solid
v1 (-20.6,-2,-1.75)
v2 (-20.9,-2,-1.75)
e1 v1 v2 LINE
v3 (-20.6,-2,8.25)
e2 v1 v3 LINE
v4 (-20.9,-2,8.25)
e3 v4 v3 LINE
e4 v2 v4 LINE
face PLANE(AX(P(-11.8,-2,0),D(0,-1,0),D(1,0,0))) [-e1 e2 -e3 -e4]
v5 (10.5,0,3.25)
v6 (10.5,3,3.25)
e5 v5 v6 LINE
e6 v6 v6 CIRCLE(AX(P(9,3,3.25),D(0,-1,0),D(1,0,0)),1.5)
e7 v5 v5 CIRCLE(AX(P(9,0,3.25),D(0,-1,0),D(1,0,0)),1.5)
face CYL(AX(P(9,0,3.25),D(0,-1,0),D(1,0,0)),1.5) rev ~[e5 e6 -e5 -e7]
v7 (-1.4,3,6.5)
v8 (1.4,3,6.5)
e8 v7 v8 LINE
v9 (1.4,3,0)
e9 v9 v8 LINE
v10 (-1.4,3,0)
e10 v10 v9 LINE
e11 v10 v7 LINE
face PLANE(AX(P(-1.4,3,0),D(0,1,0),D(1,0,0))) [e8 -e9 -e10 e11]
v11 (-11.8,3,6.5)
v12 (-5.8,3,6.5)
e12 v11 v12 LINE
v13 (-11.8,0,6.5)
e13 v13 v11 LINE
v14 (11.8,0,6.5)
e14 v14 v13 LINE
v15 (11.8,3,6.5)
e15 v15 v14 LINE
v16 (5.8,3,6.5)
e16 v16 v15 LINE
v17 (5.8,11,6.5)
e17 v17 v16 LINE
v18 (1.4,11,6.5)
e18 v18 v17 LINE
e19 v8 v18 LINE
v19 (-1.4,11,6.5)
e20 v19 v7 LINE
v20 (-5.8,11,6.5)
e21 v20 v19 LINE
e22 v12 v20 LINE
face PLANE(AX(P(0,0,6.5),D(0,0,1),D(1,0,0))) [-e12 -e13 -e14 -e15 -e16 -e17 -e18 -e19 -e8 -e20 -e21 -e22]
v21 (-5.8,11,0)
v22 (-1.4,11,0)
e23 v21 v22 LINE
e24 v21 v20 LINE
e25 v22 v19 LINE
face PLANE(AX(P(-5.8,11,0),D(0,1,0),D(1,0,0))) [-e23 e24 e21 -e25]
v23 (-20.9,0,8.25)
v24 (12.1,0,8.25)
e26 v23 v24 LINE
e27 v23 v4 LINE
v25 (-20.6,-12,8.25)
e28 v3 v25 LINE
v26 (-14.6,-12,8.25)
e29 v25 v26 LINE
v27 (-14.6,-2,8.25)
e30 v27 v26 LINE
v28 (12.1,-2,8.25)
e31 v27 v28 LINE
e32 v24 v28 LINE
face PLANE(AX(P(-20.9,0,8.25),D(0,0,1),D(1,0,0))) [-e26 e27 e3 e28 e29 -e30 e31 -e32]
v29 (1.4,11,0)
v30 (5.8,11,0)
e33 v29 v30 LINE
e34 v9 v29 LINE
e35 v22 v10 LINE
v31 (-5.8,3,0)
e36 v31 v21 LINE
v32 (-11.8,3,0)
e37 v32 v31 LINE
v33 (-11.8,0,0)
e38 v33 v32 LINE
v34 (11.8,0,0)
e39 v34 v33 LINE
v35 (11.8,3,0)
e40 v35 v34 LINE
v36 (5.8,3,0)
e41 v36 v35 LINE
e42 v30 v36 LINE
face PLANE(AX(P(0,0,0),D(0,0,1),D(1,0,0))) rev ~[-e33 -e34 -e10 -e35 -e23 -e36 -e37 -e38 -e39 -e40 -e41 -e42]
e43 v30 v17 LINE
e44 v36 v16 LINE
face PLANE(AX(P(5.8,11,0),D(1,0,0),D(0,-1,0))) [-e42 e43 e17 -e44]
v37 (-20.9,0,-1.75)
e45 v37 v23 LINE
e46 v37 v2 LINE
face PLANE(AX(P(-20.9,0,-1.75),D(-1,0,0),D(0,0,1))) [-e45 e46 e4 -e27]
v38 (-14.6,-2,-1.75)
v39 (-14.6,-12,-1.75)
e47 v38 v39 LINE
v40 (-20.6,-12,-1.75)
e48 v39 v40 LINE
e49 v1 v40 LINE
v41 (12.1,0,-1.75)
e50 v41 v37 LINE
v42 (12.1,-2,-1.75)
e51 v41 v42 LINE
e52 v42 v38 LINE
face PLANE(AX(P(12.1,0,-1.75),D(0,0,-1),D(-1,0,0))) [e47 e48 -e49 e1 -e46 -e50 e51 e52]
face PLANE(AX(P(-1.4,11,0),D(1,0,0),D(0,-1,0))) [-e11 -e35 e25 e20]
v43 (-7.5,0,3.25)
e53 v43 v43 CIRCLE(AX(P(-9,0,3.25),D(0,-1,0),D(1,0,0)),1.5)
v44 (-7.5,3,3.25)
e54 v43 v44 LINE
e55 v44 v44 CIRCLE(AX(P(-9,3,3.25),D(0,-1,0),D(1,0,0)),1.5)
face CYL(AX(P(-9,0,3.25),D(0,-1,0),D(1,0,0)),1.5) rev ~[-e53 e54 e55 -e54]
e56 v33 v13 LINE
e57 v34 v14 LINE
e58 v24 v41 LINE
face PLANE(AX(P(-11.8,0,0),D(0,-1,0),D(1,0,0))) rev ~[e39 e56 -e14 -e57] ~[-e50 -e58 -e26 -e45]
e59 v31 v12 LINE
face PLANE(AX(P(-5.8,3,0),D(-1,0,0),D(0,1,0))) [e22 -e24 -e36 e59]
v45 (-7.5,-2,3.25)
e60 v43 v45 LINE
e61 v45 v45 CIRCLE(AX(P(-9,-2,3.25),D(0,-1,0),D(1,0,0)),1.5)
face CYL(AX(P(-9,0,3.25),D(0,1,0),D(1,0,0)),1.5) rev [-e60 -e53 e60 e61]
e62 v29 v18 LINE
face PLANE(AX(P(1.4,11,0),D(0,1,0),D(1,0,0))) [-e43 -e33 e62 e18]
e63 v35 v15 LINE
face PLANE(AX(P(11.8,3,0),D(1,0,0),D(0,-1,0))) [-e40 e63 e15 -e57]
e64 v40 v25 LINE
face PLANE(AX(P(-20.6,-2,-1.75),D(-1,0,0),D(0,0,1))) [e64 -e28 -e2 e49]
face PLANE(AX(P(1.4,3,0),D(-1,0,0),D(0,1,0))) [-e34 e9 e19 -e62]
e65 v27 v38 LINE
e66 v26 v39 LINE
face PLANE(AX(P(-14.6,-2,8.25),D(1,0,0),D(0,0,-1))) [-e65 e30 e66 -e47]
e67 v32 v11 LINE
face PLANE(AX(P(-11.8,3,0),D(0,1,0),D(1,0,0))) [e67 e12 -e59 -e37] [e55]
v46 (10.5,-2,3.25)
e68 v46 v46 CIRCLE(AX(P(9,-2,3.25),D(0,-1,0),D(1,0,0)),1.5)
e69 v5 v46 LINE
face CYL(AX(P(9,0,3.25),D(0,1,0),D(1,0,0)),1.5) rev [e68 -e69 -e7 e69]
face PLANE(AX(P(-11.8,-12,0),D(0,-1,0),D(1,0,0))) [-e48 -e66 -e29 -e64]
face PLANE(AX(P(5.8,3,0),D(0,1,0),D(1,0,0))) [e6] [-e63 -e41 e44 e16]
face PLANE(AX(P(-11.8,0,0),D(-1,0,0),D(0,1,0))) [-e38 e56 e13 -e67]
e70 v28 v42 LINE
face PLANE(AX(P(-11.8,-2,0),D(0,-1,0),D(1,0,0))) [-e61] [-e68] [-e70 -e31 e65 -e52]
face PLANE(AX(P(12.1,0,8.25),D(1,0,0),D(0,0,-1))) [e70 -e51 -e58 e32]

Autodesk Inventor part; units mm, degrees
ref_plane "YZ Plane" through (0, 0, 0) normal (1, 0, 0) x (0, 1, 0)
ref_plane "XZ Plane" through (0, 0, 0) normal (0, 1, 0) x (-1, 0, 0)
ref_plane "XY Plane" through (0, 0, 0) normal (0, 0, 1) x (1, 0, 0)
sketch "Sketch1" plane through (0, 0, 0) normal (0, 0, 1) x (1, 0, 0)
  line L0 (-11.8, 0) -> (-11.8, 3)
  line L1 (-11.8, 3) -> (-5.8, 3)
  line L2 (-5.8, 3) -> (-5.8, 11)
  line L3 (-5.8, 11) -> (-1.4, 11)
  line L4 (-1.4, 11) -> (-1.4, 3)
  line L5 (-1.4, 3) -> (1.4, 3)
  line L6 (1.4, 3) -> (1.4, 11)
  line L7 (1.4, 11) -> (5.8, 11)
  line L8 (5.8, 11) -> (5.8, 3)
  line L9 (5.8, 3) -> (11.8, 3)
  line L10 (11.8, 3) -> (11.8, 0)
  line L11 (11.8, 0) -> (-11.8, 0)
  point P0 (0, 0)
  dimension "d0" = 3
  dimension "d1" = 6
  dimension "d2" = 8
  dimension "d3" = 4.4
  dimension "d4" = 2.8
  dimension "d5" = 4.4
  dimension "d6" = 6
  dimension "d7" = 1.4
  dimension "d8" = 0
extrude "Extrusion1" add sketch "Sketch1" along normal blind 6.5
sketch "Sketch2" plane through (-11.8, 0, 0) normal (0, -1, 0) x (1, 0, 0)
  circle A0 centre (2.8, 3.25) radius 1.5
  circle A1 centre (20.8, 3.25) radius 1.5
  line L0 (23.6, 0) -> (23.6, 6.5) projected
  line L1 (0, 0) -> (0, 6.5) projected
  line L2 (23.6, 0) -> (0, 0) projected
  line L3 (0, 6.5) -> (23.6, 6.5) projected
  line L4 (11.8, 17.7341) -> (11.8, -9.1991) construction
  line L5 (10.4, 0) -> (10.4, 6.5) construction
  line L6 (13.2, 0) -> (13.2, 6.5) construction
  point P0 (11.8, 0)
  dimension "d11" = 3
  dimension "d12" = 3
  dimension "d13" = 18
  dimension "d14" = 23.6
  dimension "d15" = 2.8
  dimension "d16" = 6.5
  dimension "d17" = 3.25
  dimension "d18" = 3.25
  dimension "d34" = 2.8
  dimension "d35" = 1.4
extrude "Extrusion2" cut sketch "Sketch2" against normal through all contours A0 | A1
sketch "Sketch3" plane through (-11.8, 0, 0) normal (0, -1, 0) x (1, 0, 0)
  line L0 (-9.1, 8.25) -> (23.9, 8.25)
  line L1 (23.9, 8.25) -> (23.9, -1.75)
  line L2 (23.9, -1.75) -> (-9.1, -1.75)
  line L3 (-9.1, -1.75) -> (-9.1, 8.25)
  line L4 (23.6, 0) -> (23.6, 6.5) projected
  line L5 (23.6, 0) -> (0, 0) projected
  line L6 (0, 6.5) -> (23.6, 6.5) projected
  circle A0 centre (2.8, 3.25) radius 1.5 projected
  circle A1 centre (20.8, 3.25) radius 1.5 projected
  point P0 (11.8, 0)
  dimension "d21" = 10
  dimension "d22" = 33
  dimension "d23" = 0.3
  dimension "d24" = 6.5
  dimension "d25" = 1.75
extrude "Extrusion3" add sketch "Sketch3" along normal blind 2
sketch "Sketch4" plane through (-11.8, -2, 0) normal (0, -1, 0) x (1, 0, 0)
  line L0 (-8.8, 8.25) -> (-2.8, 8.25)
  line L1 (-2.8, 8.25) -> (-2.8, -1.75)
  line L2 (-2.8, -1.75) -> (-8.8, -1.75)
  line L3 (-8.8, -1.75) -> (-8.8, 8.25)
  line L4 (-9.1, -1.75) -> (23.9, -1.75) projected
  line L5 (-9.1, -1.75) -> (-9.1, 8.25) projected
  point P0 (11.8, 0)
  dimension "d28" = 10
  dimension "d29" = 6
  dimension "d30" = 0
  dimension "d31" = 0.3
extrude "Extrusion4" add sketch "Sketch4" along normal blind 10
equation "\"d7\" = 0.5 * d4"
equation "\"d15\" = -0.5 * d13 + 0.5 * d14"
equation "\"d17\" = 0.5 * d16"
equation "\"d18\" = d17"
equation "\"d25\" = -0.5 * d24 + 0.5 * d21"
properties part number "optical endstop"
